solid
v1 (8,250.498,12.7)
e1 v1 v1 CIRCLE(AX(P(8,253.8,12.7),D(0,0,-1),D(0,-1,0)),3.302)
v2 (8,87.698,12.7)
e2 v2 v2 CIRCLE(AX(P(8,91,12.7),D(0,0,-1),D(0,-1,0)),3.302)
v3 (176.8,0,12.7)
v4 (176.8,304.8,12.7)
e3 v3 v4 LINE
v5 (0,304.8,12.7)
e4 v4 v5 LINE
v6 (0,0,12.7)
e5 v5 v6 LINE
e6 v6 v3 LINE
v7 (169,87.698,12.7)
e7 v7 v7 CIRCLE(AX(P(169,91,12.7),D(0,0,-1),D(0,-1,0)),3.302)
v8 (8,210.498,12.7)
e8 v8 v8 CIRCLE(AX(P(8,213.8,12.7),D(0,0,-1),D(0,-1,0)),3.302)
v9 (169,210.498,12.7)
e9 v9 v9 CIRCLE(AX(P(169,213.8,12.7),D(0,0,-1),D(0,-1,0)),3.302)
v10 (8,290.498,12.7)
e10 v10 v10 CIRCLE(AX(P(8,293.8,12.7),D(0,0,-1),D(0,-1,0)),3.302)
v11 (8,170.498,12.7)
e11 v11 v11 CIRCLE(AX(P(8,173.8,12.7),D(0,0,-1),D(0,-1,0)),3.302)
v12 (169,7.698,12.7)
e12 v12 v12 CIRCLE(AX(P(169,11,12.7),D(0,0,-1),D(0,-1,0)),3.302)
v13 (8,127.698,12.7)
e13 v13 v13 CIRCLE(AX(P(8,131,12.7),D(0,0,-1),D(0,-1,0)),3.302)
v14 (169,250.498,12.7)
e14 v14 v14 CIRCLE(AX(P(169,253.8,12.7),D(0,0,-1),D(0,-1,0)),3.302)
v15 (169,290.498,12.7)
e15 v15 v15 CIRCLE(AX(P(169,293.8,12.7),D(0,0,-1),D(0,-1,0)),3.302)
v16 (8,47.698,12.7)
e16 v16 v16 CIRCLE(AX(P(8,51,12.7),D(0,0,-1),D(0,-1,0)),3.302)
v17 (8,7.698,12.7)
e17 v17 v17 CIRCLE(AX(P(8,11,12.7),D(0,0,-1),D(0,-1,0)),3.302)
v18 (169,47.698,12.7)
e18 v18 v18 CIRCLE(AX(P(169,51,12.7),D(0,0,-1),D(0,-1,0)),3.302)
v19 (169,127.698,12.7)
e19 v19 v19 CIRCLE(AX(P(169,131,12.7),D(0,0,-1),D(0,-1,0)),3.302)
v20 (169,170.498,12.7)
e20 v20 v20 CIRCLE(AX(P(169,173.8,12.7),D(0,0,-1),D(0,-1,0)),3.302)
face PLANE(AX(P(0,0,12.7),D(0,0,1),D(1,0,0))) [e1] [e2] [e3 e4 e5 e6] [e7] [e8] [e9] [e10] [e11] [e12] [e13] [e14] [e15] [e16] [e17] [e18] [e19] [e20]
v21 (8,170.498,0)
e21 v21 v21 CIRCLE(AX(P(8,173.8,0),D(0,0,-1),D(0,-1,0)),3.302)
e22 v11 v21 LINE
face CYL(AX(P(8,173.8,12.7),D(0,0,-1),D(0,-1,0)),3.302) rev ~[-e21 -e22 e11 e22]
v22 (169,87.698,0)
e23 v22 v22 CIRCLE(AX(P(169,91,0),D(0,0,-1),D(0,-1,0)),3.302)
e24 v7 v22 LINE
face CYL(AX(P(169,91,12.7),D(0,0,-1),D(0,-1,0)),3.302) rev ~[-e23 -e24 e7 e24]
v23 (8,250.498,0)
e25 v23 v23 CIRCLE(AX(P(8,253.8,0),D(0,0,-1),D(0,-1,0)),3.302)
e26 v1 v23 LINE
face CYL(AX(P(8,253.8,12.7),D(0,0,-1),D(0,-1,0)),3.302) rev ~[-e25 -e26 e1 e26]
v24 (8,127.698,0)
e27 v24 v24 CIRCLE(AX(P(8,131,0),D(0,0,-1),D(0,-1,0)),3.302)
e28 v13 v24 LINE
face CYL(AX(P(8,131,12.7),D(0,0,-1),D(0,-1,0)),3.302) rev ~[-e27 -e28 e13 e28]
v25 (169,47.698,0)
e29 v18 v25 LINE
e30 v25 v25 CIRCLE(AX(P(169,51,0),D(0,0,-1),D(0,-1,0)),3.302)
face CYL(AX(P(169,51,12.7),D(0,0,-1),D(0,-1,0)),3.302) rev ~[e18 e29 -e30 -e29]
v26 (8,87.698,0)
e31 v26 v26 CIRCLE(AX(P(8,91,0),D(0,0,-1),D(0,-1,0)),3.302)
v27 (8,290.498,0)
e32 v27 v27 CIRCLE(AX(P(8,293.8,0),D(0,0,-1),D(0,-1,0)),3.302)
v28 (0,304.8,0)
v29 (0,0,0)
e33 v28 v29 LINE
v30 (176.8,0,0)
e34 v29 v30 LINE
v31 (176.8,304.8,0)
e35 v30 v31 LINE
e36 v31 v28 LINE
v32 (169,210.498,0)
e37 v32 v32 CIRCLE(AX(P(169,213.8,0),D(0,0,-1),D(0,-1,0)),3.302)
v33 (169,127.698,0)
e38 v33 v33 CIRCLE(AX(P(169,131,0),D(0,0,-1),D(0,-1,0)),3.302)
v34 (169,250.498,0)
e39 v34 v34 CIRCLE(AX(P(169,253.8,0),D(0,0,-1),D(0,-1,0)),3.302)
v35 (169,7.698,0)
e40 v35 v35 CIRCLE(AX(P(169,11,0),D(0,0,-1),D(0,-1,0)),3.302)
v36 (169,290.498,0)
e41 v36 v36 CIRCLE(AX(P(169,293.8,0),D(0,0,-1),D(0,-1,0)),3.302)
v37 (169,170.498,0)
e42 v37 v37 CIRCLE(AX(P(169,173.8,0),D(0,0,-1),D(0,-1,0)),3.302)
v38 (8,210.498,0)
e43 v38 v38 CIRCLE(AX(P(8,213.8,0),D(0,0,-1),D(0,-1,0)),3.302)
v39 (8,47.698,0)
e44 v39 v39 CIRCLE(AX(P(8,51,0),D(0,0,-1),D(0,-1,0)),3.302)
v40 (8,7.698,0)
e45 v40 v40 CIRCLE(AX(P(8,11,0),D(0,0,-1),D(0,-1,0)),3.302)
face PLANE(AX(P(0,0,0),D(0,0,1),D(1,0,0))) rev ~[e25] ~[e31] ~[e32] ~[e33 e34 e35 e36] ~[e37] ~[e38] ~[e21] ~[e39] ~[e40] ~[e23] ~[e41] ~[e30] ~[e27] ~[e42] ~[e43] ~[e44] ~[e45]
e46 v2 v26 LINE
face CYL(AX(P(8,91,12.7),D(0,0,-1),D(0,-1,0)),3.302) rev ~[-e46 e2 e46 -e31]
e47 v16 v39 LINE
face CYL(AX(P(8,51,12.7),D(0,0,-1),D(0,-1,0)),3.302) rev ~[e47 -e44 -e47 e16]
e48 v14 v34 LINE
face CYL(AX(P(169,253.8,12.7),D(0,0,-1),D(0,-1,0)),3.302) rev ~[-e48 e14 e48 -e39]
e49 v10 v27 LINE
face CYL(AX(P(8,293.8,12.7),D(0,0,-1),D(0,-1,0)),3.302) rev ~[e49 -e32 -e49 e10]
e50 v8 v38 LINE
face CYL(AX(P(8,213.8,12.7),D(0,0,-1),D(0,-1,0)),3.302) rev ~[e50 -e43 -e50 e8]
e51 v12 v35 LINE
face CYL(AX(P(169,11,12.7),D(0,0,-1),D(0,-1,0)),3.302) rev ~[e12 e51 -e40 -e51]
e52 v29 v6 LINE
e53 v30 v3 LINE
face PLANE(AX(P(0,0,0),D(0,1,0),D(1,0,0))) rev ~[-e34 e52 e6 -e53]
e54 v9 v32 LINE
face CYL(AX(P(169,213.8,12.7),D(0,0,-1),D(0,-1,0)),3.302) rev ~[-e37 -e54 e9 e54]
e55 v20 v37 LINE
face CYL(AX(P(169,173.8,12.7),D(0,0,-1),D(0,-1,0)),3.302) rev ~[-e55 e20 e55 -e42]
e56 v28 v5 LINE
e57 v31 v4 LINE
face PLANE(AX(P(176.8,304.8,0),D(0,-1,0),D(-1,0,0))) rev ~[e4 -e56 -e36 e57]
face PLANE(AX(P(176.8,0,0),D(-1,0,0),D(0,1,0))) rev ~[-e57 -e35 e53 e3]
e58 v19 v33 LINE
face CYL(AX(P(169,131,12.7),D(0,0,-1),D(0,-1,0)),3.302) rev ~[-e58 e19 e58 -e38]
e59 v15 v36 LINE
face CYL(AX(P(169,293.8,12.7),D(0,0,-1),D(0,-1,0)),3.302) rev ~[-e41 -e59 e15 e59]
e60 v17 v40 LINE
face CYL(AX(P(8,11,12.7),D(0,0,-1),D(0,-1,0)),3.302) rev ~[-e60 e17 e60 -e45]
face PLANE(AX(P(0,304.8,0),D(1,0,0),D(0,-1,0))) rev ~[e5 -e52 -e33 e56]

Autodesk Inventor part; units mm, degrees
ref_plane "YZ Plane" through (0, 0, 0) normal (1, 0, 0) x (0, 1, 0)
ref_plane "XZ Plane" through (0, 0, 0) normal (0, 1, 0) x (-1, 0, 0)
ref_plane "XY Plane" through (0, 0, 0) normal (0, 0, 1) x (1, 0, 0)
sketch "Sketch1" plane through (0, 0, 0) normal (0, 0, 1) x (1, 0, 0)
  line L0 (0, 0) -> (176.8, 0)
  line L1 (176.8, 0) -> (176.8, 304.8)
  line L2 (176.8, 304.8) -> (0, 304.8)
  line L3 (0, 304.8) -> (0, 0)
  dimension "d1" = 176.8
  dimension "d2" = 304.8
extrude "Extrusion1" add sketch "Sketch1" along normal blind 12.7
sketch "Sketch2" plane through (0, 0, 12.7) normal (0, 0, 1) x (1, 0, 0)
  line L0 (0, 0) -> (176.8, 0) projected
  line L1 (0, 304.8) -> (0, 0) projected
  point P0 (8, 11)
  point P1 (8, 51)
  point P2 (8, 91)
  point P3 (8, 131)
  dimension "d5" = 40
  dimension "d6" = 40
  dimension "d7" = 40
  dimension "d8" = 11
  dimension "d9" = 8
hole "Hole1" at (8, 11, 12.7) at (8, 51, 12.7) at (8, 91, 12.7) at (8, 131, 12.7) direction (0, 0, -1) diameter 6.604 end through all clearance for "Socket Head Cap Screw" size "M6" standard "Ansi Metric M Profile"
pattern_linear "Rectangular Pattern1" count 2 spacing 162.8 along (0, 1, 0) count 2 spacing 161 along (1, 0, 0) of "Hole1"
properties part number "actuatorMount" material "Aluminum 6061"
